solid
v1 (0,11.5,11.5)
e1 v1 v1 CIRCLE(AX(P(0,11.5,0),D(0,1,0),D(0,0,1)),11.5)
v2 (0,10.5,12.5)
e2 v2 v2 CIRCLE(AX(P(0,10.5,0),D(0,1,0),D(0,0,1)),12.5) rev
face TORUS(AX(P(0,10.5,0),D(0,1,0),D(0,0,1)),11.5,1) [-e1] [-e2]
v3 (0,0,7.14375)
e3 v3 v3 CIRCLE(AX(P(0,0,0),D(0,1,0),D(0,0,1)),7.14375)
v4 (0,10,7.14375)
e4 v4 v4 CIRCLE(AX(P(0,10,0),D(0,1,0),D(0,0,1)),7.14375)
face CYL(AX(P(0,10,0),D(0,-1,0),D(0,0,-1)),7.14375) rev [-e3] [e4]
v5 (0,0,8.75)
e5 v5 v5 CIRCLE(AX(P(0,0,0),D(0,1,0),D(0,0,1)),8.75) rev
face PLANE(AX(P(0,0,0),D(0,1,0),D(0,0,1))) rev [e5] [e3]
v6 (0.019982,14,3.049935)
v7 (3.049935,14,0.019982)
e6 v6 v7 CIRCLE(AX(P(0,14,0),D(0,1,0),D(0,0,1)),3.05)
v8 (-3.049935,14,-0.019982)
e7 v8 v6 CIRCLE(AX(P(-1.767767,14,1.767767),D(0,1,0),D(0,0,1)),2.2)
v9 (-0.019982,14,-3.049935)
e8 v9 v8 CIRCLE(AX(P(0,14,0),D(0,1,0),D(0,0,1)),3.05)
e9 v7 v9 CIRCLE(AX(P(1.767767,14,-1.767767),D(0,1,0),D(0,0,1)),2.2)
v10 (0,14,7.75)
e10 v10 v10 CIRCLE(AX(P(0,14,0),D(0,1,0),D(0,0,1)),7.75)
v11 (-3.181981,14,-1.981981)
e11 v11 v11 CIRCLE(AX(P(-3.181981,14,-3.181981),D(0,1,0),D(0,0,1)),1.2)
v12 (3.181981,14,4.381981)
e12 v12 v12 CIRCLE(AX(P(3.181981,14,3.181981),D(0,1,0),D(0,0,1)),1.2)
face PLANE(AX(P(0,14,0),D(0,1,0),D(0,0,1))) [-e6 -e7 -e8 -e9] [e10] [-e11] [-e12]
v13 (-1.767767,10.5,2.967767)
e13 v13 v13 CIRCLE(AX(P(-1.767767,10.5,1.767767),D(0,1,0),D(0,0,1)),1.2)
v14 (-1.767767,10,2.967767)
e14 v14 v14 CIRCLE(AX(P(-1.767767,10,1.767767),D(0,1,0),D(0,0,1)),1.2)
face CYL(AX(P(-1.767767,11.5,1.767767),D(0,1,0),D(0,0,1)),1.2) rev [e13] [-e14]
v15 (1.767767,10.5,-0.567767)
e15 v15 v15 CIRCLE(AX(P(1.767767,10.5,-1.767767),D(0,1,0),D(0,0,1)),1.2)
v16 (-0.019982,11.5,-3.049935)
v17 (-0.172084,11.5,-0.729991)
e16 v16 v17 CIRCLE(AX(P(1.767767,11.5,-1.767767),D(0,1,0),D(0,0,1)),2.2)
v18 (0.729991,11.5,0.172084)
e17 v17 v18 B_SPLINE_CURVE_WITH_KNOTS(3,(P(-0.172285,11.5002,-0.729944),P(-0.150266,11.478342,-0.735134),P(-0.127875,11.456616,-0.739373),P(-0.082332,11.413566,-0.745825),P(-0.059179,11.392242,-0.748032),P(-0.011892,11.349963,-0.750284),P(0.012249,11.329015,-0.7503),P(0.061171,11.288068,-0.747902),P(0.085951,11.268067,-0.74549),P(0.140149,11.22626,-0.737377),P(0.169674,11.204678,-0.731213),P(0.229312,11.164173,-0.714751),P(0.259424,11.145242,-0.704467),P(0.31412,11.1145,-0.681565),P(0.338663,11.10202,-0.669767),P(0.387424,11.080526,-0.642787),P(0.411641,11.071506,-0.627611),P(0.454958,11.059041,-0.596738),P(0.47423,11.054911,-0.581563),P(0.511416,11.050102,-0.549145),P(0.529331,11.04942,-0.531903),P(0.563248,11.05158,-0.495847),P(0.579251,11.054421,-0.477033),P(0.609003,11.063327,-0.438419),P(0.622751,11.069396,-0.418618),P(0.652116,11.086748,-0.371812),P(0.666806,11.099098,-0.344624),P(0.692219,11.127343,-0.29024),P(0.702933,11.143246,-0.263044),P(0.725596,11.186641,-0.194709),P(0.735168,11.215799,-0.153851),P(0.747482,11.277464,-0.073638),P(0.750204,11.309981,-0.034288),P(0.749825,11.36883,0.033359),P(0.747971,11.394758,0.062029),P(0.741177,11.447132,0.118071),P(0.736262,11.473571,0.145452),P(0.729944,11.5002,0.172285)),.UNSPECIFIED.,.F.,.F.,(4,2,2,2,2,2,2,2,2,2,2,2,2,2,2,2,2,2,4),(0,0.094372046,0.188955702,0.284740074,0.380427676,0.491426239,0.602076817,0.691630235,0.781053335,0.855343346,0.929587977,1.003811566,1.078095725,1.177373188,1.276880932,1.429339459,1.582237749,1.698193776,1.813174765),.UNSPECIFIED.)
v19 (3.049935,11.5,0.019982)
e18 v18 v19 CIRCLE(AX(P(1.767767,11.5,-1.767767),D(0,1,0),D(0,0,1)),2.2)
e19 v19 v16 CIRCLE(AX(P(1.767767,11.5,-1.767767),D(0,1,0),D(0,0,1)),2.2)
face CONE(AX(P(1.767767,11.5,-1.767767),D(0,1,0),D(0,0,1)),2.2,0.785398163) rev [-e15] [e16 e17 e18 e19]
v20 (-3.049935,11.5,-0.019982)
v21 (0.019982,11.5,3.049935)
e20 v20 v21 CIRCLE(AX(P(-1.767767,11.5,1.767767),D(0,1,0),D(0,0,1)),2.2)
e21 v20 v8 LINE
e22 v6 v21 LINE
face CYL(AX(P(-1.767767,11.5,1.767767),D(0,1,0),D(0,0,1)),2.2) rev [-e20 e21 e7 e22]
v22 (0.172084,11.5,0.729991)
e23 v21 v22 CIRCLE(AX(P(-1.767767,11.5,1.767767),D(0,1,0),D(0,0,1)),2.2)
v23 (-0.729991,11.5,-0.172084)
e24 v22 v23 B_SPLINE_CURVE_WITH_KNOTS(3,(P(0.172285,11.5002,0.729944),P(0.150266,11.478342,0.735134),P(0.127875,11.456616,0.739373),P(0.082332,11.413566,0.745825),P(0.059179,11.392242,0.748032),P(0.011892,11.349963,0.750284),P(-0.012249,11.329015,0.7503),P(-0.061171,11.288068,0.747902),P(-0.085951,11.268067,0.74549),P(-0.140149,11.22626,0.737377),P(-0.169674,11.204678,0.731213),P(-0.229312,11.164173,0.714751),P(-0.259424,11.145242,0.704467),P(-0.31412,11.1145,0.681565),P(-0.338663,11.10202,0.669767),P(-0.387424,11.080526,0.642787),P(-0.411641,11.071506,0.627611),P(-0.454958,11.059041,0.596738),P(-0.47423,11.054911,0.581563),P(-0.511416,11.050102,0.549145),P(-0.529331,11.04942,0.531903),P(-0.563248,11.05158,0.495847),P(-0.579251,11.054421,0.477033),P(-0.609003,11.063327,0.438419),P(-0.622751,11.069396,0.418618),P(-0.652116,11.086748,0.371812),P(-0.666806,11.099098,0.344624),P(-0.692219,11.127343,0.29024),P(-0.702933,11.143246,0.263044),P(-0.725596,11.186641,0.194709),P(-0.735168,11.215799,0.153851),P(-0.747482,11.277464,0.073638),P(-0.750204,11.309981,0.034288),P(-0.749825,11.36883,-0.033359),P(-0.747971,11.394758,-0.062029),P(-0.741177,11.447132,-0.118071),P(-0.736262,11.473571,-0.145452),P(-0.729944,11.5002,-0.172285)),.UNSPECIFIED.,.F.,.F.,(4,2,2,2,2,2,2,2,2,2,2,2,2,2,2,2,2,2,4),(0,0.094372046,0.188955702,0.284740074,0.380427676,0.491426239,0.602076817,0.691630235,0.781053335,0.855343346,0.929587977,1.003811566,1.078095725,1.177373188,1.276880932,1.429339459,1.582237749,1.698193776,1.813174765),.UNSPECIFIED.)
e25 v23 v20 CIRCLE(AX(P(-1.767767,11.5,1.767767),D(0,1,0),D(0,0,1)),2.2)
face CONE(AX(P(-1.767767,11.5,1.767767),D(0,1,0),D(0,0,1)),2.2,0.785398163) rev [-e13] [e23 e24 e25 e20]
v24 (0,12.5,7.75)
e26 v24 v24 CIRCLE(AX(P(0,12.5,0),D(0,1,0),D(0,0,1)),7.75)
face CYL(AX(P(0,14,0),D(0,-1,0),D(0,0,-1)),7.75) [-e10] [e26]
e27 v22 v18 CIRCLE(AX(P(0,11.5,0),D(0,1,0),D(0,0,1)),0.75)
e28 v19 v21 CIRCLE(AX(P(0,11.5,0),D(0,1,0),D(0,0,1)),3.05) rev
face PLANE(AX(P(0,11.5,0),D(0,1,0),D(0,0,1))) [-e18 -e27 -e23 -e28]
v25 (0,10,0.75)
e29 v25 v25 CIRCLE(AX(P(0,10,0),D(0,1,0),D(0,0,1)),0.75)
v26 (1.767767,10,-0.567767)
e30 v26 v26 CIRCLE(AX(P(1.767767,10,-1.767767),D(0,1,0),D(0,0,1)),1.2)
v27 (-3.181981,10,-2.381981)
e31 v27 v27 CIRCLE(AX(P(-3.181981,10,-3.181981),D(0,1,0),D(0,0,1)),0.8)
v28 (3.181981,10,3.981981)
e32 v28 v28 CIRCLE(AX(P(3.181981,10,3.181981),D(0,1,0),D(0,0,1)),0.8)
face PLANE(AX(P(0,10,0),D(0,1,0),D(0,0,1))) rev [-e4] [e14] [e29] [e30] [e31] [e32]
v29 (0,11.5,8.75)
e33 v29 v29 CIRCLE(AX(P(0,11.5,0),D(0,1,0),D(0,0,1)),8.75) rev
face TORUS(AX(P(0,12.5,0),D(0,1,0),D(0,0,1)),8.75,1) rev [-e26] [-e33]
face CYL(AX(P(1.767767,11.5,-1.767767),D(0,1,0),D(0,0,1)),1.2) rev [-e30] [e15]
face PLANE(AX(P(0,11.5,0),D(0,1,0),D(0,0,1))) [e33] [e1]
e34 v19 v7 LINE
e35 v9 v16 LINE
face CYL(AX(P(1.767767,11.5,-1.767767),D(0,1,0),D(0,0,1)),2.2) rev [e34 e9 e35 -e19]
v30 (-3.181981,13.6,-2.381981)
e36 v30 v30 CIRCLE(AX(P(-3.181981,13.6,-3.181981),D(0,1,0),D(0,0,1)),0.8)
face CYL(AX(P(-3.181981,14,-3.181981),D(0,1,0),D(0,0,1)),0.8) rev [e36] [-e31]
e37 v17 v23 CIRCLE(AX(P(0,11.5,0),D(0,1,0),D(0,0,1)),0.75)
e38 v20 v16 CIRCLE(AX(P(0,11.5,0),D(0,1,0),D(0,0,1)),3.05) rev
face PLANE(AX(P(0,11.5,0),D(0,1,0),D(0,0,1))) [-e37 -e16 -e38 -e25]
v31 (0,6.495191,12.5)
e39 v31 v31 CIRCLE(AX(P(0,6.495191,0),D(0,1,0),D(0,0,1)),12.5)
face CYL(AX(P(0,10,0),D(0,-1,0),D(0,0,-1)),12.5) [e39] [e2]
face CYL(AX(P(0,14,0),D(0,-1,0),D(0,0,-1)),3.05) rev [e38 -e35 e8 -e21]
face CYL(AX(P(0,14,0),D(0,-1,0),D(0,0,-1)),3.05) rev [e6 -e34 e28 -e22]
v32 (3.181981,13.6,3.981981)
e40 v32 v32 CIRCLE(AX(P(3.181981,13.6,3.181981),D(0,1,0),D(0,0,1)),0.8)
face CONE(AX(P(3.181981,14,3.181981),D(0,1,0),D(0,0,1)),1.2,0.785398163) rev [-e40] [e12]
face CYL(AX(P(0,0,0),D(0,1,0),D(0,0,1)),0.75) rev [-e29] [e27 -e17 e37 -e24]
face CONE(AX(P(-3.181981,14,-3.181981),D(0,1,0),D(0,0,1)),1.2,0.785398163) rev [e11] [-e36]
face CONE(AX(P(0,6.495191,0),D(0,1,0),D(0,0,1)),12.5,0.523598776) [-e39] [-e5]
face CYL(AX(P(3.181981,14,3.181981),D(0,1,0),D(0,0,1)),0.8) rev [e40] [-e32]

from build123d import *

# Parameters (mm, degrees)
SKETCH1_R                                      = 12.5
SKETCH1_R_2                                    = 7.14375
BOSS_EXTRUDE1_DEPTH                            = 10
SKETCH2_R                                      = 12.5
BOSS_EXTRUDE2_DEPTH                            = 1.5
CHAMFER1_SIZE                                  = 3.75
CHAMFER1_SIZE2                                 = 6.495190528
SKETCH8_R                                      = 7.75
SKETCH8_R_2                                    = 3.05
BOSS_EXTRUDE3_DEPTH                            = 2.5
CSK_FOR_M2_FLAT_HEAD_MACHINE_SCREW1_AT_2_COUNT = 2
CSK_FOR_M2_FLAT_HEAD_MACHINE_SCREW1_AT_2_PITCH = 5
SKETCH16_R                                     = 0.75
CUT_EXTRUDE1_DEPTH                             = 22.089096709
M2X0_4_TAPPED_HOLE1_D                          = 1.6
M2X0_4_TAPPED_HOLE1_CSINK_D                    = 2.4
M2X0_4_TAPPED_HOLE1_CSINK_ANGLE                = 90
CUT_EXTRUDE2_DEPTH                             = 2.5
FILLET1_R                                      = 1


with BuildPart() as part:
    # Sketch1 → Boss-Extrude1 (new body)
    with BuildSketch(Plane(origin=(0, 0, 0), x_dir=(1, 0, 0), z_dir=(0, 1, 0))):
        with Locations(Location((0, 0, 0), (0, 0, 270))):
            Circle(SKETCH1_R)
        with Locations(Location((0, 0, 0), (0, 0, 270))):
            Circle(SKETCH1_R_2, mode=Mode.SUBTRACT)
    extrude(amount=BOSS_EXTRUDE1_DEPTH)

    # Sketch2 → Boss-Extrude2 (add)
    with BuildSketch(Plane(origin=(0, 10, 0), x_dir=(1, 0, 0), z_dir=(0, 1, 0))):
        with Locations(Location((0, 0, 0), (0, 0, 270))):
            Circle(SKETCH2_R)
    extrude(amount=BOSS_EXTRUDE2_DEPTH)

    # Chamfer1
    chamfer1_edges = [part.edges().sort_by_distance(p)[0] for p in [
        (0, 0, -12.5),
    ]]
    chamfer1_side = [part.faces().sort_by_distance(p)[0] for p in [
        (0, 0, -12.146446609),
    ]]
    chamfer(chamfer1_edges, length=CHAMFER1_SIZE, length2=CHAMFER1_SIZE2, reference=chamfer1_side[0])

    # Sketch8 → Boss-Extrude3 (add)
    with BuildSketch(Plane(origin=(0, 11.5, 0), x_dir=(1, 0, 0), z_dir=(0, 1, 0))):
        with Locations(Location((0, 0, 0), (0, 0, 270))):
            Circle(SKETCH8_R)
        with Locations(Location((0, 0, 0), (0, 0, 270))):
            Circle(SKETCH8_R_2, mode=Mode.SUBTRACT)
    extrude(amount=BOSS_EXTRUDE3_DEPTH)

    # Sketch11 → CSK for M2 Flat Head Machine Screw1 (revolve, cut)
    with BuildSketch(Plane(origin=(-1.767766953, 11.5, 1.767766953), x_dir=(0, 0, 1), z_dir=(1, 0, 0))):
        Polygon((0, 0), (0, 11.5), (1.2, 11.5), (1.2, 1), (2.2, 0), align=None)
    csk_for_m2_flat_head_machine_screw1 = revolve(axis=Axis((-1.767766953, 17.85, 1.767766953), (0, -1, 0)), mode=Mode.SUBTRACT)

    # CSK for M2 Flat Head Machine Screw1 at 2: CSK for M2 Flat Head Machine Screw1 ×2
    with Locations(*[Vector(0.707106781186547, 0, -0.707106781186548) * (i * CSK_FOR_M2_FLAT_HEAD_MACHINE_SCREW1_AT_2_PITCH) for i in range(1, CSK_FOR_M2_FLAT_HEAD_MACHINE_SCREW1_AT_2_COUNT)]):
        add(csk_for_m2_flat_head_machine_screw1, mode=Mode.SUBTRACT)

    # Sketch16 → Cut-Extrude1 (cut, through all)
    with BuildSketch(Plane(origin=(0, 11.5, 0), x_dir=(1, 0, 0), z_dir=(0, 1, 0))):
        with Locations(Location((0, 0, 0), (0, 0, 270))):
            Circle(SKETCH16_R)
    extrude(amount=-CUT_EXTRUDE1_DEPTH, mode=Mode.SUBTRACT)

    # M2x0.4 Tapped Hole1 (through all)
    with Locations(Plane(origin=(3.181980515, 14, 3.181980515), x_dir=(0, 0, 1), z_dir=(0, 1, 0))):
        with Locations((0, 0), (-6.36396103, -6.36396103)):
            CounterSinkHole(M2X0_4_TAPPED_HOLE1_D / 2, M2X0_4_TAPPED_HOLE1_CSINK_D / 2, counter_sink_angle=M2X0_4_TAPPED_HOLE1_CSINK_ANGLE)

    # Sketch20 → Cut-Extrude2 (cut)
    with BuildSketch(Plane(origin=(0, 14, 0), x_dir=(1, 0, 0), z_dir=(0, 1, 0))):
        with BuildLine():
            ThreePointArc((0.019981986, -3.049934544), (0.42751991, -1.911696068), (0.172083929, -0.729991179))
            ThreePointArc((0.172083929, -0.729991179), (-0.530330086, -0.530330086), (-0.729991179, 0.172083929))
            ThreePointArc((-0.729991179, 0.172083929), (-1.911696068, 0.42751991), (-3.049934544, 0.019981986))
            ThreePointArc((-3.049934544, 0.019981986), (-3.323401872, -3.323401872), (0.019981986, -3.049934544))
        make_face()
        with BuildLine():
            ThreePointArc((-0.019981986, 3.049934544), (-0.42751991, 1.911696068), (-0.172083929, 0.729991179))
            ThreePointArc((-0.172083929, 0.729991179), (0.530330086, 0.530330086), (0.729991179, -0.172083929))
            ThreePointArc((0.729991179, -0.172083929), (1.911696068, -0.42751991), (3.049934544, -0.019981986))
            ThreePointArc((3.049934544, -0.019981986), (3.323401872, 3.323401872), (-0.019981986, 3.049934544))
        make_face()
    extrude(amount=-CUT_EXTRUDE2_DEPTH, mode=Mode.SUBTRACT)

    # Fillet1
    fillet1_edges = [part.edges().sort_by_distance(p)[0] for p in [
        (0, 11.5, -12.5),
        (0, 11.5, -7.75),
    ]]
    fillet(fillet1_edges, radius=FILLET1_R)


solid = part.part
